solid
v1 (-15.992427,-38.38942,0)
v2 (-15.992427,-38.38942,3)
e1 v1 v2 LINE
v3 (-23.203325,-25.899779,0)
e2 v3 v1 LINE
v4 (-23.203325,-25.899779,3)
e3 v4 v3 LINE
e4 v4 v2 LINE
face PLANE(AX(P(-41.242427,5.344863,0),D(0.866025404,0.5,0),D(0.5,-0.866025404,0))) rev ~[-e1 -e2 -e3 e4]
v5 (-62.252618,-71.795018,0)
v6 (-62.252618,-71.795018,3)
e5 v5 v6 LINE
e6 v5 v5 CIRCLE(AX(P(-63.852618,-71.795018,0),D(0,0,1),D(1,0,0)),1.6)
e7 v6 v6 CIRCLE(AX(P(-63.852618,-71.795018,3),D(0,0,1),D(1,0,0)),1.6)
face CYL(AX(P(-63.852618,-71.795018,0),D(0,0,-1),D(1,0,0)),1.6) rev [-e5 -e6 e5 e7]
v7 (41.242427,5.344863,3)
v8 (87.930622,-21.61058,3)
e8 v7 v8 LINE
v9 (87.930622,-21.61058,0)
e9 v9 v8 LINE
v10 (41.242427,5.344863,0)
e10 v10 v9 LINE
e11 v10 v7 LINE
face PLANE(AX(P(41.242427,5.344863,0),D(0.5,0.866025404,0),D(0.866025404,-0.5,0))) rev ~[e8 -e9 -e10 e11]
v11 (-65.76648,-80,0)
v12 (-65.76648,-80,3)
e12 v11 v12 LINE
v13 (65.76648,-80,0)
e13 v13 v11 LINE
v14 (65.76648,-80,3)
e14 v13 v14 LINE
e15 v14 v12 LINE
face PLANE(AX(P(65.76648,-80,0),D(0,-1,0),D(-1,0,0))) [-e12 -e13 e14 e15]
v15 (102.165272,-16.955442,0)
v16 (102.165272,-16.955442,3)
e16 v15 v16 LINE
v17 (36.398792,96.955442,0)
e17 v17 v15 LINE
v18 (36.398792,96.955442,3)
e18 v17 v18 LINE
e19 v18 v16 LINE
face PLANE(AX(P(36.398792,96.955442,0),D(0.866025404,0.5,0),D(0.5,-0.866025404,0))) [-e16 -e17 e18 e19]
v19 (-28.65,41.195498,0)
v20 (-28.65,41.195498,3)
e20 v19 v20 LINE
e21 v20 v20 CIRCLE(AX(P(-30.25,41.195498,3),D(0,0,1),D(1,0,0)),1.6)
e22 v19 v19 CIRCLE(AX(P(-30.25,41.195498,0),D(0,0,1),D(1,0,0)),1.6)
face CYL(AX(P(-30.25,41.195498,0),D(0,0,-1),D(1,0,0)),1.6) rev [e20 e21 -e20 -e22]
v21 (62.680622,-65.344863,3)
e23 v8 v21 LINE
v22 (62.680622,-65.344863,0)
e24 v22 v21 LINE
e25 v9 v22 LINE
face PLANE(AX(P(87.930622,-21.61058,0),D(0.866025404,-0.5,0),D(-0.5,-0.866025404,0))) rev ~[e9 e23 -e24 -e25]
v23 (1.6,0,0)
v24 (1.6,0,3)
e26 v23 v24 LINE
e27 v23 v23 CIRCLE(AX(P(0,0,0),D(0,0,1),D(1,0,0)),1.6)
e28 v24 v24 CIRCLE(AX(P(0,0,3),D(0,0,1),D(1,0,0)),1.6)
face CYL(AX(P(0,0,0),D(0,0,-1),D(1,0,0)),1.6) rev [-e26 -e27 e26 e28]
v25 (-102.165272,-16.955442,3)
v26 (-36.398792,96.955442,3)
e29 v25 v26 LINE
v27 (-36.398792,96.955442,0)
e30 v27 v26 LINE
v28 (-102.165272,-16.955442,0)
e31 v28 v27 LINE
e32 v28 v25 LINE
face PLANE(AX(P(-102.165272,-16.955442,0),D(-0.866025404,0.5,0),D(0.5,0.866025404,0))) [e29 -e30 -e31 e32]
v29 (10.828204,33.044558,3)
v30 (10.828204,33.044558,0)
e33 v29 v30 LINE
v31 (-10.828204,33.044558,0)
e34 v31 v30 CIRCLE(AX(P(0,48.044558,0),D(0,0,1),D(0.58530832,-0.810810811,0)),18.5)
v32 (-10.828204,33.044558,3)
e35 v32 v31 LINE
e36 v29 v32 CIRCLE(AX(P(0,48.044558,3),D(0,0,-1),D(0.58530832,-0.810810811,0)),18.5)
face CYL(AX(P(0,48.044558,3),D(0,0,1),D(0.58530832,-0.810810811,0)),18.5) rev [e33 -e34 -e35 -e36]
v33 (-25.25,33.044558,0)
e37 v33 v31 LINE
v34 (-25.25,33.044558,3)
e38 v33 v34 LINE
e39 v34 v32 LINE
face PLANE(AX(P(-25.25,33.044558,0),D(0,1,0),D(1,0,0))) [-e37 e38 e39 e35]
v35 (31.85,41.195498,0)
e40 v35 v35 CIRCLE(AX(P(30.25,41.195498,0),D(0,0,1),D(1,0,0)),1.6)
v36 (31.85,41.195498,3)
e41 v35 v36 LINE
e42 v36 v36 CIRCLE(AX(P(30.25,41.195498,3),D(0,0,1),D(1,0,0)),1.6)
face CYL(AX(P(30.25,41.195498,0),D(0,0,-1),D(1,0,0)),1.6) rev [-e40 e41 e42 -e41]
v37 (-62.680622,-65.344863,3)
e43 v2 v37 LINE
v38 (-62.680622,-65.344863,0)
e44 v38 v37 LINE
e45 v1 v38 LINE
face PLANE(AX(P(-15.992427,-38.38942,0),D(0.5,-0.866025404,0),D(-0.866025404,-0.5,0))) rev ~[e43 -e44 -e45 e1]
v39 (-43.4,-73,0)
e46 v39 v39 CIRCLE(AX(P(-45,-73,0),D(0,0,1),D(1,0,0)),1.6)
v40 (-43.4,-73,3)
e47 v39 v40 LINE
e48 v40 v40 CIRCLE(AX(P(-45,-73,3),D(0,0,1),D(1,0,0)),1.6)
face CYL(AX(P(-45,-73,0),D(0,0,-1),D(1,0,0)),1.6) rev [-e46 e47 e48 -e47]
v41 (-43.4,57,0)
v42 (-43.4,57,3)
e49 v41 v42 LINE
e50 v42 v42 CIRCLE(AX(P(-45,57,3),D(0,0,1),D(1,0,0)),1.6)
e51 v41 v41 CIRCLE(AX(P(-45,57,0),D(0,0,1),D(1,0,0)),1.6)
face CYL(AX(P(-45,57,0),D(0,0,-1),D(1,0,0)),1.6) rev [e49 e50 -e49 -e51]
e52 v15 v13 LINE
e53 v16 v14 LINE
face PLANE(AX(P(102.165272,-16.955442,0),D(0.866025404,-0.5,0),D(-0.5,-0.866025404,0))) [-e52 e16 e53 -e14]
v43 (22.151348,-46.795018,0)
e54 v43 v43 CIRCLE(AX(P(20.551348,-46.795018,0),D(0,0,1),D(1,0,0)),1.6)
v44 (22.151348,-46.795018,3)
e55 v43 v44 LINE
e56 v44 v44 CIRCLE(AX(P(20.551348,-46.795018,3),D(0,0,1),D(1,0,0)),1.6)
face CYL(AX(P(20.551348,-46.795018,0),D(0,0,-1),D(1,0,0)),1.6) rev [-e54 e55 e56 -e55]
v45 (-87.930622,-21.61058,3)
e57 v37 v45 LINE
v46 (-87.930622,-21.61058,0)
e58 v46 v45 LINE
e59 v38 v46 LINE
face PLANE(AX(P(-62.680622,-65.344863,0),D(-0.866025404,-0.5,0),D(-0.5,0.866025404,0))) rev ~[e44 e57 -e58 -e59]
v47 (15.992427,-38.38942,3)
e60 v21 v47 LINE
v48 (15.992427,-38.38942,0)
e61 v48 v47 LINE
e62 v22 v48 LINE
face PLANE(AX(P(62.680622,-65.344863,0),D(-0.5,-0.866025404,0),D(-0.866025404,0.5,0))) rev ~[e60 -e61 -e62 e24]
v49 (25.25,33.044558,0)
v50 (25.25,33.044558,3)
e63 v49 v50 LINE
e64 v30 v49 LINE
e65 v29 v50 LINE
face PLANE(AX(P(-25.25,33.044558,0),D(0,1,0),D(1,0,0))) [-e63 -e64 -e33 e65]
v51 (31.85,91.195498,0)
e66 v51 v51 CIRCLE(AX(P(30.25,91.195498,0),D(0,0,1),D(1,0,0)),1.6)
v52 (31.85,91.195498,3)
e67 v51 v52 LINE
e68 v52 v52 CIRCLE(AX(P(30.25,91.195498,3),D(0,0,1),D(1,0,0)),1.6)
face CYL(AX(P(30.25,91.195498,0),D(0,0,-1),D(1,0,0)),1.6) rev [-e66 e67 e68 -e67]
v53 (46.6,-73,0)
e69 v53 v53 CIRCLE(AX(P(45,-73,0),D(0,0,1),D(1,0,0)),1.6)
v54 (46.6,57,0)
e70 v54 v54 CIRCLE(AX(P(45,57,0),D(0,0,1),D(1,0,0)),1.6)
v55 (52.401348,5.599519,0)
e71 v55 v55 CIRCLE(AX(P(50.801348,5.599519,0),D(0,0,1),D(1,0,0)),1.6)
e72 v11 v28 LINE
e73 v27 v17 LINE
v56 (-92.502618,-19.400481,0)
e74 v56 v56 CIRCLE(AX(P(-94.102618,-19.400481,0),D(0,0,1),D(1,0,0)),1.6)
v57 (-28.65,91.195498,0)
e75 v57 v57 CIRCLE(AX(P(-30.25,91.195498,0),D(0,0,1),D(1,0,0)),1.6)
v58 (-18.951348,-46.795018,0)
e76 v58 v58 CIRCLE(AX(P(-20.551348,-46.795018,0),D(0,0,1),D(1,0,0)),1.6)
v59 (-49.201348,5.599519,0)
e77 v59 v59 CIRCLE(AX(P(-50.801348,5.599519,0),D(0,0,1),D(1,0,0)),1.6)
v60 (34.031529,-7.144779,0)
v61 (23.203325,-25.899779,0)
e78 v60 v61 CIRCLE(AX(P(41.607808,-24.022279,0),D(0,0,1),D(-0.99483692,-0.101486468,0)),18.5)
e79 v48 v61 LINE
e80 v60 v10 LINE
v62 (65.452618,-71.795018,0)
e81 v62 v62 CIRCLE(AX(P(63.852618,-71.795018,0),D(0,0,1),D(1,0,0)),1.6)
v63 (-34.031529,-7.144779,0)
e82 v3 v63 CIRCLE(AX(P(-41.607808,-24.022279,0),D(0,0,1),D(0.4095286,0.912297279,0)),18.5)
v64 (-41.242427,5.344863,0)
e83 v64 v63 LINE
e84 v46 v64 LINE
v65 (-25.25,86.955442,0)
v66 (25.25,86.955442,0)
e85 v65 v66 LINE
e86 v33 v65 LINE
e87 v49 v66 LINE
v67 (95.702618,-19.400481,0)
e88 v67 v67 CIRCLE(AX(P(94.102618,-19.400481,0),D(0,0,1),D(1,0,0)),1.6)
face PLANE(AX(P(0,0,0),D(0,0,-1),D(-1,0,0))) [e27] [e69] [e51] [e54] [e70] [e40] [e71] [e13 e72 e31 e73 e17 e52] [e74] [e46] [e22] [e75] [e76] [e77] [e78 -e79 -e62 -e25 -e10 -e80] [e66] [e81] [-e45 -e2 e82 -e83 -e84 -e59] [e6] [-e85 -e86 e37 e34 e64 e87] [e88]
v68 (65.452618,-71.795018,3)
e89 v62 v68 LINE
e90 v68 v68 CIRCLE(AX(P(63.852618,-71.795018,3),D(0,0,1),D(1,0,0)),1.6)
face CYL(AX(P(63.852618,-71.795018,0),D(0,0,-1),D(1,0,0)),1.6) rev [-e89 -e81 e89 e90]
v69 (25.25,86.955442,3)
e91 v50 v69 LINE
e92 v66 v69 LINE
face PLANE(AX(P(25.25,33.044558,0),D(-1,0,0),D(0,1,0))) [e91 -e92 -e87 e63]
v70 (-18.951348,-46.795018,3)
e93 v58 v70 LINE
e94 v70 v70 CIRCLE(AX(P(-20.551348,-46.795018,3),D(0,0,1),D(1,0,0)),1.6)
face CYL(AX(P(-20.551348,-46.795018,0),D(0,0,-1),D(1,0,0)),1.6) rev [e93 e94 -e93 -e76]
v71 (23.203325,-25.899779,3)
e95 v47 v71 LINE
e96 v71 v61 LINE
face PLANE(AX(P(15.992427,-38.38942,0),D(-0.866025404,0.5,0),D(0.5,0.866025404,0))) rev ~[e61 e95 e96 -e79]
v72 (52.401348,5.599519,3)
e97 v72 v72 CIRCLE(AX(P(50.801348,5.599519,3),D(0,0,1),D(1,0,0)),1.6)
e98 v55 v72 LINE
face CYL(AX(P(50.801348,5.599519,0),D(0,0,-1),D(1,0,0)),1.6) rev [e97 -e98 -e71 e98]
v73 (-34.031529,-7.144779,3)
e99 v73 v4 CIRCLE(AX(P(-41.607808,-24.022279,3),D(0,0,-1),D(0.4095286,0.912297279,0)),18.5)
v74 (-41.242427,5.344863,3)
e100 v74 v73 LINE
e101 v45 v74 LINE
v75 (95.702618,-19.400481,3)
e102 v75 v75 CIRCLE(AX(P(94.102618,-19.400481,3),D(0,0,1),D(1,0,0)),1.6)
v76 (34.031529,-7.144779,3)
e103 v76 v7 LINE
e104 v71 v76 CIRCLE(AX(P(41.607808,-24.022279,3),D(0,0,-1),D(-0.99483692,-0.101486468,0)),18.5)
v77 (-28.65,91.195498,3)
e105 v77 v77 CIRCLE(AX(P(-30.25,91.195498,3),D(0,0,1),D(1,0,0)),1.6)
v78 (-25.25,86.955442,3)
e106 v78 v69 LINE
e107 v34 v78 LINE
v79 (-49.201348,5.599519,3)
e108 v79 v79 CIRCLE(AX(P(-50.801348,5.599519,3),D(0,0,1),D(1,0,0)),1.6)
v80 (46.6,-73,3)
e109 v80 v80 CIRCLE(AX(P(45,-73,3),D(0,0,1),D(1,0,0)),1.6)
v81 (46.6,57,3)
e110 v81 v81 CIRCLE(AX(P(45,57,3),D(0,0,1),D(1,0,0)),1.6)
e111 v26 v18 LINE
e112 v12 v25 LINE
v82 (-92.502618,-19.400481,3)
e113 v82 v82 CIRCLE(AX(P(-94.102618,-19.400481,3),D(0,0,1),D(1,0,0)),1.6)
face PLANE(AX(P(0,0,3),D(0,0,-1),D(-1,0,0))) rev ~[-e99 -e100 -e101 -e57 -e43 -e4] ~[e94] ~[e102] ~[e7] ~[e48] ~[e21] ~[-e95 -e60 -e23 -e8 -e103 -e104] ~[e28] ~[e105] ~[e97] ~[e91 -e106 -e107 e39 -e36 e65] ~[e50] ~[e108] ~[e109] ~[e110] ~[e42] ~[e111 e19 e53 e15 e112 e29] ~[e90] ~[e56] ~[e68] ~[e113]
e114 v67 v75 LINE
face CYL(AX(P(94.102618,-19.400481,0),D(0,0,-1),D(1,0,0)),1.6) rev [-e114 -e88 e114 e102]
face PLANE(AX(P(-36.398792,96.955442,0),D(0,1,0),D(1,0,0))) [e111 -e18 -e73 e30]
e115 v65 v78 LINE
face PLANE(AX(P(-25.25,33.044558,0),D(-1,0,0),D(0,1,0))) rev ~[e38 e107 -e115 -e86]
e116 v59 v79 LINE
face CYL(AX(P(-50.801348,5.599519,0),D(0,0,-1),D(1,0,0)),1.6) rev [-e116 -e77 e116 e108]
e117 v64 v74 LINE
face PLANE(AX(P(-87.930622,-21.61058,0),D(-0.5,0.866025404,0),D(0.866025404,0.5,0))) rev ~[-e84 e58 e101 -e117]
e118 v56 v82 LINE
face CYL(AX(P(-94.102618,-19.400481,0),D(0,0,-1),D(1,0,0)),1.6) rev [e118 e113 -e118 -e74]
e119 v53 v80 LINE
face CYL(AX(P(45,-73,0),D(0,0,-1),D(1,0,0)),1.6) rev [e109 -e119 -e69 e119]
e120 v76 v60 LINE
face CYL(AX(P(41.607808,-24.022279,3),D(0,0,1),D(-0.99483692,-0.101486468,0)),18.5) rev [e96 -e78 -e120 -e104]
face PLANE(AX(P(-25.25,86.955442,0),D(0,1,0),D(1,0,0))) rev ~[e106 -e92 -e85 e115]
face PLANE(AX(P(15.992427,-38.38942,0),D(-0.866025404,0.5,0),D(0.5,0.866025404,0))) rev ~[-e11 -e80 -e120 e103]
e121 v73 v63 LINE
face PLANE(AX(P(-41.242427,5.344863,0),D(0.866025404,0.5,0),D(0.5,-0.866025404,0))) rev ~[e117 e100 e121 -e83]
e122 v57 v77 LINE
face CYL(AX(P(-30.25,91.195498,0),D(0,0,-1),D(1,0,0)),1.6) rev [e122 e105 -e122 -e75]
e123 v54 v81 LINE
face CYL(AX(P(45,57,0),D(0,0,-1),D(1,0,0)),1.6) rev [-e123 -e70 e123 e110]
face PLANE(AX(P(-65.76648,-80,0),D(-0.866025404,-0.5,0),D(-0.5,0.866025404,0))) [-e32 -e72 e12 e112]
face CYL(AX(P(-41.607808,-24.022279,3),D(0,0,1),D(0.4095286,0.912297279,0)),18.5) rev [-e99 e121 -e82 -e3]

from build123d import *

# Parameters (mm, degrees)
SKETCH_1_R          = 1.6
SKETCH_1_W          = 50.5
SKETCH_1_H          = 53.910884284
EXTRUDE_1_DEPTH     = 3
CUT_EXTRUDE_1_DEPTH = 4


with BuildPart() as part:
    # ｽｹｯﾁ1 → ﾎﾞｽ - 押し出し1 (new body)
    with BuildSketch(Plane.XY):
        Polygon((-36.39879245, 96.955442142), (36.39879245, 96.955442142), (102.165272155, -16.955442142), (65.766479705, -80), (-65.766479705, -80), (-102.165272155, -16.955442142), align=None)
        with Locations((30.25, 91.195498156)):
            Circle(SKETCH_1_R, mode=Mode.SUBTRACT)
        with Locations((30.25, 41.195498156)):
            Circle(SKETCH_1_R, mode=Mode.SUBTRACT)
        with Locations((-30.25, 41.195498156)):
            Circle(SKETCH_1_R, mode=Mode.SUBTRACT)
        with Locations((-30.25, 91.195498156)):
            Circle(SKETCH_1_R, mode=Mode.SUBTRACT)
        with Locations((63.852618114, -71.795017542)):
            Circle(SKETCH_1_R, mode=Mode.SUBTRACT)
        with Locations((94.102618114, -19.400480613)):
            Circle(SKETCH_1_R, mode=Mode.SUBTRACT)
        with Locations((50.801347925, 5.599519387)):
            Circle(SKETCH_1_R, mode=Mode.SUBTRACT)
        with Locations((20.551347925, -46.795017542)):
            Circle(SKETCH_1_R, mode=Mode.SUBTRACT)
        with Locations((-94.102618114, -19.400480613)):
            Circle(SKETCH_1_R, mode=Mode.SUBTRACT)
        with Locations((-63.852618114, -71.795017542)):
            Circle(SKETCH_1_R, mode=Mode.SUBTRACT)
        with Locations((-20.551347925, -46.795017542)):
            Circle(SKETCH_1_R, mode=Mode.SUBTRACT)
        with Locations((-50.801347925, 5.599519387)):
            Circle(SKETCH_1_R, mode=Mode.SUBTRACT)
        with Locations((-45, 57)):
            Circle(SKETCH_1_R, mode=Mode.SUBTRACT)
        with Locations((45, 57)):
            Circle(SKETCH_1_R, mode=Mode.SUBTRACT)
        with Locations((45, -73)):
            Circle(SKETCH_1_R, mode=Mode.SUBTRACT)
        with Locations((-45, -73)):
            Circle(SKETCH_1_R, mode=Mode.SUBTRACT)
        Circle(SKETCH_1_R, mode=Mode.SUBTRACT)
        with Locations((0, 60)):
            Rectangle(SKETCH_1_W, SKETCH_1_H, mode=Mode.SUBTRACT)
        Polygon((87.930621892, -21.610579625), (62.680621892, -65.344862517), (15.992426562, -38.389420375), (41.242426562, 5.344862517), align=None, mode=Mode.SUBTRACT)
        Polygon((-62.680621892, -65.344862517), (-87.930621892, -21.610579625), (-41.242426562, 5.344862517), (-15.992426562, -38.389420375), align=None, mode=Mode.SUBTRACT)
    extrude(amount=EXTRUDE_1_DEPTH)

    # ｽｹｯﾁ2 → ｶｯﾄ - 押し出し1 (cut, through all)
    with BuildSketch(Plane.XY.offset(3)):
        with BuildLine():
            Line((-10.828203914, 33.044557858), (10.828203914, 33.044557858))
            ThreePointArc((10.828203914, 33.044557858), (0, 29.544557858), (-10.828203914, 33.044557858))
        make_face()
        with BuildLine():
            Line((34.031528519, -7.144779262), (23.203324605, -25.899778596))
            ThreePointArc((23.203324605, -25.899778596), (25.586337649, -14.772278929), (34.031528519, -7.144779262))
        make_face()
        with BuildLine():
            Line((-23.203324605, -25.899778596), (-34.031528519, -7.144779262))
            ThreePointArc((-34.031528519, -7.144779262), (-25.586337649, -14.772278929), (-23.203324605, -25.899778596))
        make_face()
    extrude(amount=-CUT_EXTRUDE_1_DEPTH, mode=Mode.SUBTRACT)


solid = part.part
